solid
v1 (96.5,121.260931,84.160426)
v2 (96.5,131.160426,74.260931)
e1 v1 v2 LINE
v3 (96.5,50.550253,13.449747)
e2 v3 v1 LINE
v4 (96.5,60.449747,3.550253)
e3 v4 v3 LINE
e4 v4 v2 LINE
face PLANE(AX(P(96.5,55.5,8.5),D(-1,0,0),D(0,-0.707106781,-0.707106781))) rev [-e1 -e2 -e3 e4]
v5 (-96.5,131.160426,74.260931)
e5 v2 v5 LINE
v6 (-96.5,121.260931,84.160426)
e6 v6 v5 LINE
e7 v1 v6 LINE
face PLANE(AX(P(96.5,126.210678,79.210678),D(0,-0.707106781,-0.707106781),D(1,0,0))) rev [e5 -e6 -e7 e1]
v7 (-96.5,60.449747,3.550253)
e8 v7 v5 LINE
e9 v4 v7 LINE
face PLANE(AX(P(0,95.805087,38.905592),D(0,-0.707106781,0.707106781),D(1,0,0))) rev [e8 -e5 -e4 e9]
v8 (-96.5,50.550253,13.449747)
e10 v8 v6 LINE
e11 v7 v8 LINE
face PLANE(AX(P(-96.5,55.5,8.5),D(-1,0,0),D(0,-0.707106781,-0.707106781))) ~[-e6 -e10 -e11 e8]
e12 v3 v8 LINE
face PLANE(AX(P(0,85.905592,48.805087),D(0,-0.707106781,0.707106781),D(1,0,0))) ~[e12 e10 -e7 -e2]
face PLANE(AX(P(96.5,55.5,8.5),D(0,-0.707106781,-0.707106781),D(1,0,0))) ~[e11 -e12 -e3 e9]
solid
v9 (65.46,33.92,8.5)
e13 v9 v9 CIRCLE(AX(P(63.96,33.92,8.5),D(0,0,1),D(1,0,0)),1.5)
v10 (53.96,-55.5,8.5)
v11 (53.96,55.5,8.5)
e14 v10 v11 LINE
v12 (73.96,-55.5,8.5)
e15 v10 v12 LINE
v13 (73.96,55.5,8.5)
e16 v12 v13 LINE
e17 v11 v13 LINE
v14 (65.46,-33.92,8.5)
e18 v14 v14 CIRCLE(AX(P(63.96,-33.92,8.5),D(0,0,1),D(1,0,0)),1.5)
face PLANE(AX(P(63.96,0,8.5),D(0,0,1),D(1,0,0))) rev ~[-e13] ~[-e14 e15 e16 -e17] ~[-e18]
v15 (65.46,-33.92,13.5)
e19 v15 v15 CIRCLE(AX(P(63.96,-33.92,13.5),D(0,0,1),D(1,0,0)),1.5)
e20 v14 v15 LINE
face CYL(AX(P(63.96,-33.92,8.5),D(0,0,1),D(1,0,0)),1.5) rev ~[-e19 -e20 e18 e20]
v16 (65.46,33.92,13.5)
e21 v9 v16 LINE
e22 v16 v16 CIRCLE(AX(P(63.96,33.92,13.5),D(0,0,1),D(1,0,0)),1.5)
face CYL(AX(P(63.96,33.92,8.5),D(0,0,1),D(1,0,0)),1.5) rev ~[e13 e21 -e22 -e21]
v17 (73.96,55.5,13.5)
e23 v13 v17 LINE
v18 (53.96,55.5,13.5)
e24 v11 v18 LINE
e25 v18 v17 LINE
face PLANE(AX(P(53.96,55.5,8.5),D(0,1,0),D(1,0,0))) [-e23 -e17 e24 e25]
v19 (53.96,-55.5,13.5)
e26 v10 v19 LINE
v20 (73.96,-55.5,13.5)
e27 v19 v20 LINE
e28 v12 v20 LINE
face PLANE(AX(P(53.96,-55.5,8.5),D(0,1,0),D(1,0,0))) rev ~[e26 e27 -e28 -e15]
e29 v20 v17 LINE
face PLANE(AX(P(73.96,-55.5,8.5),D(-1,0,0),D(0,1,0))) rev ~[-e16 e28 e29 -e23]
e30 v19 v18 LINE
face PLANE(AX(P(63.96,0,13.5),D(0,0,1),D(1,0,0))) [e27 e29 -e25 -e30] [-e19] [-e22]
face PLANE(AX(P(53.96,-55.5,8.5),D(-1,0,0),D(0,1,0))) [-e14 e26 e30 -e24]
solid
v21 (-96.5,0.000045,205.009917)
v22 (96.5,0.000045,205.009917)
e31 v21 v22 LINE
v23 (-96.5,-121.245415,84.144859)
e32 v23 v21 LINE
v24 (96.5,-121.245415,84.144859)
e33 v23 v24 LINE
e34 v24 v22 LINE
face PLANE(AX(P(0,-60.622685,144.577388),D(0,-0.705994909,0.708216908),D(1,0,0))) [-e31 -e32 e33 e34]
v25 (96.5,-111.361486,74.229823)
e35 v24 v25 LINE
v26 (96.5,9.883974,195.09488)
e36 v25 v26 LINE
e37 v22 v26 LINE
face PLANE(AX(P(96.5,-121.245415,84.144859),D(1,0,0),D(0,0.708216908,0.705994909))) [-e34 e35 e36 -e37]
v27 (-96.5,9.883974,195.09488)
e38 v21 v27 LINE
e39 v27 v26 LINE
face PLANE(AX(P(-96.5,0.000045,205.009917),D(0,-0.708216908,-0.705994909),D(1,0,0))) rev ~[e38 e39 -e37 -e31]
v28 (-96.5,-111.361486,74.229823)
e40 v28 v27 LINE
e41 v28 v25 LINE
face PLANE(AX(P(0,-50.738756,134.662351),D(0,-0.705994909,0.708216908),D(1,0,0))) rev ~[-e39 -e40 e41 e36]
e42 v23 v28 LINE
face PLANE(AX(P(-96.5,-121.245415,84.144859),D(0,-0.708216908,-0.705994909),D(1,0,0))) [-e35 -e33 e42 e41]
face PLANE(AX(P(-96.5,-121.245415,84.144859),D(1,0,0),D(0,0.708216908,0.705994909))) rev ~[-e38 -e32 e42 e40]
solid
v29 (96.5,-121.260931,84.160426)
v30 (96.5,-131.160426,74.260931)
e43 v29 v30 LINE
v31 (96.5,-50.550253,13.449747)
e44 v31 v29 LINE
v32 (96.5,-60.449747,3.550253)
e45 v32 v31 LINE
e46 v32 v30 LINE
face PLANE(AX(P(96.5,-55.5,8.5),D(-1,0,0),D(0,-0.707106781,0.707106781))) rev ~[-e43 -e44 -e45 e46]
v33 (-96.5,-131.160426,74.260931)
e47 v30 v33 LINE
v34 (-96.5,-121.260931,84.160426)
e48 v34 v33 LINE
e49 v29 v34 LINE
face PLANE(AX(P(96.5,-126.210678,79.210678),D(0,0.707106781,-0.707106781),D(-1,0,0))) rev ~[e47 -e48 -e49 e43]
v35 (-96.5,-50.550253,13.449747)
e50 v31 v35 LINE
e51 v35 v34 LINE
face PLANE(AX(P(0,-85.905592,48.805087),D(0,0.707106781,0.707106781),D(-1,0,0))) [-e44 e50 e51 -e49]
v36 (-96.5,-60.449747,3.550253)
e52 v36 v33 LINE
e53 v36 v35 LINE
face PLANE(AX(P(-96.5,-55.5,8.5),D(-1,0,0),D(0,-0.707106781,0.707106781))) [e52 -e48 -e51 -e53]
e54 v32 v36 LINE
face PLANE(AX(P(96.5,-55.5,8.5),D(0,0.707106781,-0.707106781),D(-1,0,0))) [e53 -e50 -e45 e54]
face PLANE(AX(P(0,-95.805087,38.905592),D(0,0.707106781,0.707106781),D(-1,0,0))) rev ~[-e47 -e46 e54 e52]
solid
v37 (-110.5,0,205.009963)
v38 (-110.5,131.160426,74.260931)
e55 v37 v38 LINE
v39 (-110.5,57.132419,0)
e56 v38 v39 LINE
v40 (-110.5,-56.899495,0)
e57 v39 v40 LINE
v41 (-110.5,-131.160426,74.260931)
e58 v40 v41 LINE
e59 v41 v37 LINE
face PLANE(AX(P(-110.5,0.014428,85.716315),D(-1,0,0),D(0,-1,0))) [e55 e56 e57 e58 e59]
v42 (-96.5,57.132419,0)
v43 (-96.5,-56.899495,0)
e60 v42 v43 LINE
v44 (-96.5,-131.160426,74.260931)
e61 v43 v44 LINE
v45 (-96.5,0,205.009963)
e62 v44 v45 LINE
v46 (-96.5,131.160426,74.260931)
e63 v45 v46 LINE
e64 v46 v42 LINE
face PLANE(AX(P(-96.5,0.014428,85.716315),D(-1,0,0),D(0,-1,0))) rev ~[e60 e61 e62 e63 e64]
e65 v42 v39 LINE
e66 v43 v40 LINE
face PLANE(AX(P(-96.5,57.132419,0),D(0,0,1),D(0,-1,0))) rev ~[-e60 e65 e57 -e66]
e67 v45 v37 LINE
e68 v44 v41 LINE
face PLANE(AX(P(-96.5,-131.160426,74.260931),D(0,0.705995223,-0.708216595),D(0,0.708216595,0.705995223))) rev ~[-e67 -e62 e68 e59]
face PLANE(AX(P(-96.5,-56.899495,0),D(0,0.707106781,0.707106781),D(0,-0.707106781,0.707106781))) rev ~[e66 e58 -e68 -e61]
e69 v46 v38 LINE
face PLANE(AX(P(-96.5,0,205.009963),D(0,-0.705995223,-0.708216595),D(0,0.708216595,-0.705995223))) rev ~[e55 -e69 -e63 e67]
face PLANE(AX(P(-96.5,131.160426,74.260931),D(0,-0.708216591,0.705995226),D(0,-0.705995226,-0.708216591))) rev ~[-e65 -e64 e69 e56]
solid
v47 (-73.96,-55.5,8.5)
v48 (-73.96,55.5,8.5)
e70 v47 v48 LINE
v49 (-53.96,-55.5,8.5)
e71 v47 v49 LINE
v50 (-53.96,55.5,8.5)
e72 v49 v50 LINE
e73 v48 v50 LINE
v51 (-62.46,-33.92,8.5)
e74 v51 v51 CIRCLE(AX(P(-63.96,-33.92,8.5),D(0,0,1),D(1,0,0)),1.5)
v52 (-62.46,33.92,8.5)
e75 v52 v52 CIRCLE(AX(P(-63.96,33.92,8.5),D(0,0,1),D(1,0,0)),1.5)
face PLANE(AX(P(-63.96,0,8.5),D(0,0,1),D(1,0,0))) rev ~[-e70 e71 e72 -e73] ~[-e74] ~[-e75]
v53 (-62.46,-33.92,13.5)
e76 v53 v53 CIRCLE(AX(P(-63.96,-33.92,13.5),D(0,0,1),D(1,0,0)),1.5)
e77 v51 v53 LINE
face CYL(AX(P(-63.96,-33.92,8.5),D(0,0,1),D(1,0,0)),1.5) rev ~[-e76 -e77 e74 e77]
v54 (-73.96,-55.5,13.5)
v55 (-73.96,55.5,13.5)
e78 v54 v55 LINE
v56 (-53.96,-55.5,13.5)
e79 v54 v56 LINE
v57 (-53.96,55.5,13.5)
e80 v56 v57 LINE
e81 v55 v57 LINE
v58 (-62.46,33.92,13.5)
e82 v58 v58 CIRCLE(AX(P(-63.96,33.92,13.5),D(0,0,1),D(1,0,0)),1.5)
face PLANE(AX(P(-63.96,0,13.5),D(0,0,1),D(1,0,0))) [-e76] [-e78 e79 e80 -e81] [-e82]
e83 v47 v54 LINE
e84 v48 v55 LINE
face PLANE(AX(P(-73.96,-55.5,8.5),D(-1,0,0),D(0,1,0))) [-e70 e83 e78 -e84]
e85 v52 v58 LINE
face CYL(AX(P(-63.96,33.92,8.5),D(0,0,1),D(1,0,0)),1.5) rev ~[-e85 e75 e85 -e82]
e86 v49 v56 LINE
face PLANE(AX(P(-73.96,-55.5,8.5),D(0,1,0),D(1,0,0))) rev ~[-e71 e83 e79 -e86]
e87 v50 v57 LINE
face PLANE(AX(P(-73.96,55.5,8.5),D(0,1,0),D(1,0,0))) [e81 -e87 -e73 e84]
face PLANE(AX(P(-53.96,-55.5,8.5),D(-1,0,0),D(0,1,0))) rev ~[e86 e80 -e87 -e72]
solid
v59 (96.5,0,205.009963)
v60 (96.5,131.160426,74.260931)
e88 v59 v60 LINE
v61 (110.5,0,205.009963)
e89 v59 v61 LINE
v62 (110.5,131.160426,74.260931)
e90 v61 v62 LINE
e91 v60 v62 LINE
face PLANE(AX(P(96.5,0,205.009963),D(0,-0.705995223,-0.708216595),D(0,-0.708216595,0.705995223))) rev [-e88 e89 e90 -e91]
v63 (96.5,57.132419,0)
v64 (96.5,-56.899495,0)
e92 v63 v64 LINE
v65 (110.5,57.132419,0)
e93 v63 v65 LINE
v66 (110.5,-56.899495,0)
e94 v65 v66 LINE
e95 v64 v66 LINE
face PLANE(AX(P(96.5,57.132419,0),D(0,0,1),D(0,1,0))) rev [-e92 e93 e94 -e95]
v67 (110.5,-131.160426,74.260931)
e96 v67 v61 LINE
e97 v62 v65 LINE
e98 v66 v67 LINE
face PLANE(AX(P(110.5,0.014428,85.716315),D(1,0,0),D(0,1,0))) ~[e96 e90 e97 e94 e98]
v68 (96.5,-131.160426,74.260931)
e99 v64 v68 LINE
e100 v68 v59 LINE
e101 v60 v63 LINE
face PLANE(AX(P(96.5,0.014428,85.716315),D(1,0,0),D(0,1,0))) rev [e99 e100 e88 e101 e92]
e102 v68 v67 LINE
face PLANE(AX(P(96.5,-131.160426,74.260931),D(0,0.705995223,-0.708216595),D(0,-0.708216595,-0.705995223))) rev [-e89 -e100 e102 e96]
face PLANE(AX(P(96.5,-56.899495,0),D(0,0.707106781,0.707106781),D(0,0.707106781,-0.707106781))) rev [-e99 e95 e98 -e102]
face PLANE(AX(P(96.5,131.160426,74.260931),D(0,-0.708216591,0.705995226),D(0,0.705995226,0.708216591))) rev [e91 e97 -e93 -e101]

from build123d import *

# Parameters (mm, degrees)
F0_W          = 193
F0_H          = 111
F1_DEPTH      = 8.5
F2_W          = 20
F2_H          = 111
F3_DEPTH      = 5
F4_R          = 1.5
F5_DEPTH      = 5.001
F5_DEPTH_BACK = 2.5
F7_W          = 193
F7_H          = 100
F8_DEPTH      = 7
F11_DEPTH     = 14
F13_W         = 193
F13_H         = 171.1982
F14_DEPTH     = 14


with BuildPart() as f1:
    # F0 (on Top) → F1 (new body)
    with BuildSketch(Plane.XY):
        Rectangle(F0_W, F0_H)
    extrude(amount=F1_DEPTH)


with BuildPart() as f3:
    # F2 (on face) → F3 (new body)
    with BuildSketch(Plane.XY.offset(8.5)):
        with Locations((-63.96, 0)):
            Rectangle(F2_W, F2_H)
        with Locations((63.96, 0)):
            Rectangle(F2_W, F2_H)
    extrude(amount=F3_DEPTH)


with BuildPart() as f5_tool:
    # F4 (on face) → F5 (new body, two sides)
    with BuildSketch(Plane.XY.offset(8.5)) as f5_sk:
        with Locations((-63.96, 33.92)):
            Circle(F4_R)
        with Locations((63.96, 33.92)):
            Circle(F4_R)
        with Locations((-63.96, -33.92)):
            Circle(F4_R)
        with Locations((63.96, -33.92)):
            Circle(F4_R)
    extrude(amount=F5_DEPTH)
    extrude(f5_sk.sketch, amount=-F5_DEPTH_BACK)


with BuildPart() as f1_1:
    add(f1.part)

    # F5: cut by f5_tool
    add(f5_tool.part, mode=Mode.SUBTRACT)


with BuildPart() as f3_1:
    add(f3.part)

    # F5: cut by f5_tool
    add(f5_tool.part, mode=Mode.SUBTRACT)


with BuildPart() as f8:
    # F7 (on face) → F8 (new body, symmetric)
    with BuildSketch(Plane(origin=(0, -23.5, -23.5), x_dir=(-1, 0, 0), z_dir=(0, 0.707107, 0.707107))):
        with Locations((0, 95.254834)):
            Rectangle(F7_W, F7_H)
    extrude(amount=F8_DEPTH, both=True)


with BuildPart() as f9_1:
    # F9: instance of F8
    add(f8.part.mirror(Plane.XZ))


with BuildPart() as f11:
    # F10 (on face) → F11 (new body)
    with BuildSketch(Plane(origin=(-96.5, 0, 0), x_dir=(0, -1, 0), z_dir=(-1, 0, 0))):
        Polygon((56.899495, 0), (131.160426, 74.260931), (0, 205.009963), (-131.160426, 74.260931), (-57.132419, 0), align=None)
    extrude(amount=F11_DEPTH)


with BuildPart() as f12_1:
    # F12: instance of F11
    add(f11.part.mirror(Plane.YZ))


with BuildPart() as f14:
    # F13 (on face) → F14 (new body)
    with BuildSketch(Plane(origin=(0, -102.504476, 102.826999), x_dir=(1, 0, 0), z_dir=(0, -0.705995, 0.708217))):
        with Locations((0, 59.136955)):
            Rectangle(F13_W, F13_H)
    extrude(amount=-F14_DEPTH)


solid = Compound([f3_1.part, f8.part, f9_1.part, f11.part, f12_1.part, f14.part])
